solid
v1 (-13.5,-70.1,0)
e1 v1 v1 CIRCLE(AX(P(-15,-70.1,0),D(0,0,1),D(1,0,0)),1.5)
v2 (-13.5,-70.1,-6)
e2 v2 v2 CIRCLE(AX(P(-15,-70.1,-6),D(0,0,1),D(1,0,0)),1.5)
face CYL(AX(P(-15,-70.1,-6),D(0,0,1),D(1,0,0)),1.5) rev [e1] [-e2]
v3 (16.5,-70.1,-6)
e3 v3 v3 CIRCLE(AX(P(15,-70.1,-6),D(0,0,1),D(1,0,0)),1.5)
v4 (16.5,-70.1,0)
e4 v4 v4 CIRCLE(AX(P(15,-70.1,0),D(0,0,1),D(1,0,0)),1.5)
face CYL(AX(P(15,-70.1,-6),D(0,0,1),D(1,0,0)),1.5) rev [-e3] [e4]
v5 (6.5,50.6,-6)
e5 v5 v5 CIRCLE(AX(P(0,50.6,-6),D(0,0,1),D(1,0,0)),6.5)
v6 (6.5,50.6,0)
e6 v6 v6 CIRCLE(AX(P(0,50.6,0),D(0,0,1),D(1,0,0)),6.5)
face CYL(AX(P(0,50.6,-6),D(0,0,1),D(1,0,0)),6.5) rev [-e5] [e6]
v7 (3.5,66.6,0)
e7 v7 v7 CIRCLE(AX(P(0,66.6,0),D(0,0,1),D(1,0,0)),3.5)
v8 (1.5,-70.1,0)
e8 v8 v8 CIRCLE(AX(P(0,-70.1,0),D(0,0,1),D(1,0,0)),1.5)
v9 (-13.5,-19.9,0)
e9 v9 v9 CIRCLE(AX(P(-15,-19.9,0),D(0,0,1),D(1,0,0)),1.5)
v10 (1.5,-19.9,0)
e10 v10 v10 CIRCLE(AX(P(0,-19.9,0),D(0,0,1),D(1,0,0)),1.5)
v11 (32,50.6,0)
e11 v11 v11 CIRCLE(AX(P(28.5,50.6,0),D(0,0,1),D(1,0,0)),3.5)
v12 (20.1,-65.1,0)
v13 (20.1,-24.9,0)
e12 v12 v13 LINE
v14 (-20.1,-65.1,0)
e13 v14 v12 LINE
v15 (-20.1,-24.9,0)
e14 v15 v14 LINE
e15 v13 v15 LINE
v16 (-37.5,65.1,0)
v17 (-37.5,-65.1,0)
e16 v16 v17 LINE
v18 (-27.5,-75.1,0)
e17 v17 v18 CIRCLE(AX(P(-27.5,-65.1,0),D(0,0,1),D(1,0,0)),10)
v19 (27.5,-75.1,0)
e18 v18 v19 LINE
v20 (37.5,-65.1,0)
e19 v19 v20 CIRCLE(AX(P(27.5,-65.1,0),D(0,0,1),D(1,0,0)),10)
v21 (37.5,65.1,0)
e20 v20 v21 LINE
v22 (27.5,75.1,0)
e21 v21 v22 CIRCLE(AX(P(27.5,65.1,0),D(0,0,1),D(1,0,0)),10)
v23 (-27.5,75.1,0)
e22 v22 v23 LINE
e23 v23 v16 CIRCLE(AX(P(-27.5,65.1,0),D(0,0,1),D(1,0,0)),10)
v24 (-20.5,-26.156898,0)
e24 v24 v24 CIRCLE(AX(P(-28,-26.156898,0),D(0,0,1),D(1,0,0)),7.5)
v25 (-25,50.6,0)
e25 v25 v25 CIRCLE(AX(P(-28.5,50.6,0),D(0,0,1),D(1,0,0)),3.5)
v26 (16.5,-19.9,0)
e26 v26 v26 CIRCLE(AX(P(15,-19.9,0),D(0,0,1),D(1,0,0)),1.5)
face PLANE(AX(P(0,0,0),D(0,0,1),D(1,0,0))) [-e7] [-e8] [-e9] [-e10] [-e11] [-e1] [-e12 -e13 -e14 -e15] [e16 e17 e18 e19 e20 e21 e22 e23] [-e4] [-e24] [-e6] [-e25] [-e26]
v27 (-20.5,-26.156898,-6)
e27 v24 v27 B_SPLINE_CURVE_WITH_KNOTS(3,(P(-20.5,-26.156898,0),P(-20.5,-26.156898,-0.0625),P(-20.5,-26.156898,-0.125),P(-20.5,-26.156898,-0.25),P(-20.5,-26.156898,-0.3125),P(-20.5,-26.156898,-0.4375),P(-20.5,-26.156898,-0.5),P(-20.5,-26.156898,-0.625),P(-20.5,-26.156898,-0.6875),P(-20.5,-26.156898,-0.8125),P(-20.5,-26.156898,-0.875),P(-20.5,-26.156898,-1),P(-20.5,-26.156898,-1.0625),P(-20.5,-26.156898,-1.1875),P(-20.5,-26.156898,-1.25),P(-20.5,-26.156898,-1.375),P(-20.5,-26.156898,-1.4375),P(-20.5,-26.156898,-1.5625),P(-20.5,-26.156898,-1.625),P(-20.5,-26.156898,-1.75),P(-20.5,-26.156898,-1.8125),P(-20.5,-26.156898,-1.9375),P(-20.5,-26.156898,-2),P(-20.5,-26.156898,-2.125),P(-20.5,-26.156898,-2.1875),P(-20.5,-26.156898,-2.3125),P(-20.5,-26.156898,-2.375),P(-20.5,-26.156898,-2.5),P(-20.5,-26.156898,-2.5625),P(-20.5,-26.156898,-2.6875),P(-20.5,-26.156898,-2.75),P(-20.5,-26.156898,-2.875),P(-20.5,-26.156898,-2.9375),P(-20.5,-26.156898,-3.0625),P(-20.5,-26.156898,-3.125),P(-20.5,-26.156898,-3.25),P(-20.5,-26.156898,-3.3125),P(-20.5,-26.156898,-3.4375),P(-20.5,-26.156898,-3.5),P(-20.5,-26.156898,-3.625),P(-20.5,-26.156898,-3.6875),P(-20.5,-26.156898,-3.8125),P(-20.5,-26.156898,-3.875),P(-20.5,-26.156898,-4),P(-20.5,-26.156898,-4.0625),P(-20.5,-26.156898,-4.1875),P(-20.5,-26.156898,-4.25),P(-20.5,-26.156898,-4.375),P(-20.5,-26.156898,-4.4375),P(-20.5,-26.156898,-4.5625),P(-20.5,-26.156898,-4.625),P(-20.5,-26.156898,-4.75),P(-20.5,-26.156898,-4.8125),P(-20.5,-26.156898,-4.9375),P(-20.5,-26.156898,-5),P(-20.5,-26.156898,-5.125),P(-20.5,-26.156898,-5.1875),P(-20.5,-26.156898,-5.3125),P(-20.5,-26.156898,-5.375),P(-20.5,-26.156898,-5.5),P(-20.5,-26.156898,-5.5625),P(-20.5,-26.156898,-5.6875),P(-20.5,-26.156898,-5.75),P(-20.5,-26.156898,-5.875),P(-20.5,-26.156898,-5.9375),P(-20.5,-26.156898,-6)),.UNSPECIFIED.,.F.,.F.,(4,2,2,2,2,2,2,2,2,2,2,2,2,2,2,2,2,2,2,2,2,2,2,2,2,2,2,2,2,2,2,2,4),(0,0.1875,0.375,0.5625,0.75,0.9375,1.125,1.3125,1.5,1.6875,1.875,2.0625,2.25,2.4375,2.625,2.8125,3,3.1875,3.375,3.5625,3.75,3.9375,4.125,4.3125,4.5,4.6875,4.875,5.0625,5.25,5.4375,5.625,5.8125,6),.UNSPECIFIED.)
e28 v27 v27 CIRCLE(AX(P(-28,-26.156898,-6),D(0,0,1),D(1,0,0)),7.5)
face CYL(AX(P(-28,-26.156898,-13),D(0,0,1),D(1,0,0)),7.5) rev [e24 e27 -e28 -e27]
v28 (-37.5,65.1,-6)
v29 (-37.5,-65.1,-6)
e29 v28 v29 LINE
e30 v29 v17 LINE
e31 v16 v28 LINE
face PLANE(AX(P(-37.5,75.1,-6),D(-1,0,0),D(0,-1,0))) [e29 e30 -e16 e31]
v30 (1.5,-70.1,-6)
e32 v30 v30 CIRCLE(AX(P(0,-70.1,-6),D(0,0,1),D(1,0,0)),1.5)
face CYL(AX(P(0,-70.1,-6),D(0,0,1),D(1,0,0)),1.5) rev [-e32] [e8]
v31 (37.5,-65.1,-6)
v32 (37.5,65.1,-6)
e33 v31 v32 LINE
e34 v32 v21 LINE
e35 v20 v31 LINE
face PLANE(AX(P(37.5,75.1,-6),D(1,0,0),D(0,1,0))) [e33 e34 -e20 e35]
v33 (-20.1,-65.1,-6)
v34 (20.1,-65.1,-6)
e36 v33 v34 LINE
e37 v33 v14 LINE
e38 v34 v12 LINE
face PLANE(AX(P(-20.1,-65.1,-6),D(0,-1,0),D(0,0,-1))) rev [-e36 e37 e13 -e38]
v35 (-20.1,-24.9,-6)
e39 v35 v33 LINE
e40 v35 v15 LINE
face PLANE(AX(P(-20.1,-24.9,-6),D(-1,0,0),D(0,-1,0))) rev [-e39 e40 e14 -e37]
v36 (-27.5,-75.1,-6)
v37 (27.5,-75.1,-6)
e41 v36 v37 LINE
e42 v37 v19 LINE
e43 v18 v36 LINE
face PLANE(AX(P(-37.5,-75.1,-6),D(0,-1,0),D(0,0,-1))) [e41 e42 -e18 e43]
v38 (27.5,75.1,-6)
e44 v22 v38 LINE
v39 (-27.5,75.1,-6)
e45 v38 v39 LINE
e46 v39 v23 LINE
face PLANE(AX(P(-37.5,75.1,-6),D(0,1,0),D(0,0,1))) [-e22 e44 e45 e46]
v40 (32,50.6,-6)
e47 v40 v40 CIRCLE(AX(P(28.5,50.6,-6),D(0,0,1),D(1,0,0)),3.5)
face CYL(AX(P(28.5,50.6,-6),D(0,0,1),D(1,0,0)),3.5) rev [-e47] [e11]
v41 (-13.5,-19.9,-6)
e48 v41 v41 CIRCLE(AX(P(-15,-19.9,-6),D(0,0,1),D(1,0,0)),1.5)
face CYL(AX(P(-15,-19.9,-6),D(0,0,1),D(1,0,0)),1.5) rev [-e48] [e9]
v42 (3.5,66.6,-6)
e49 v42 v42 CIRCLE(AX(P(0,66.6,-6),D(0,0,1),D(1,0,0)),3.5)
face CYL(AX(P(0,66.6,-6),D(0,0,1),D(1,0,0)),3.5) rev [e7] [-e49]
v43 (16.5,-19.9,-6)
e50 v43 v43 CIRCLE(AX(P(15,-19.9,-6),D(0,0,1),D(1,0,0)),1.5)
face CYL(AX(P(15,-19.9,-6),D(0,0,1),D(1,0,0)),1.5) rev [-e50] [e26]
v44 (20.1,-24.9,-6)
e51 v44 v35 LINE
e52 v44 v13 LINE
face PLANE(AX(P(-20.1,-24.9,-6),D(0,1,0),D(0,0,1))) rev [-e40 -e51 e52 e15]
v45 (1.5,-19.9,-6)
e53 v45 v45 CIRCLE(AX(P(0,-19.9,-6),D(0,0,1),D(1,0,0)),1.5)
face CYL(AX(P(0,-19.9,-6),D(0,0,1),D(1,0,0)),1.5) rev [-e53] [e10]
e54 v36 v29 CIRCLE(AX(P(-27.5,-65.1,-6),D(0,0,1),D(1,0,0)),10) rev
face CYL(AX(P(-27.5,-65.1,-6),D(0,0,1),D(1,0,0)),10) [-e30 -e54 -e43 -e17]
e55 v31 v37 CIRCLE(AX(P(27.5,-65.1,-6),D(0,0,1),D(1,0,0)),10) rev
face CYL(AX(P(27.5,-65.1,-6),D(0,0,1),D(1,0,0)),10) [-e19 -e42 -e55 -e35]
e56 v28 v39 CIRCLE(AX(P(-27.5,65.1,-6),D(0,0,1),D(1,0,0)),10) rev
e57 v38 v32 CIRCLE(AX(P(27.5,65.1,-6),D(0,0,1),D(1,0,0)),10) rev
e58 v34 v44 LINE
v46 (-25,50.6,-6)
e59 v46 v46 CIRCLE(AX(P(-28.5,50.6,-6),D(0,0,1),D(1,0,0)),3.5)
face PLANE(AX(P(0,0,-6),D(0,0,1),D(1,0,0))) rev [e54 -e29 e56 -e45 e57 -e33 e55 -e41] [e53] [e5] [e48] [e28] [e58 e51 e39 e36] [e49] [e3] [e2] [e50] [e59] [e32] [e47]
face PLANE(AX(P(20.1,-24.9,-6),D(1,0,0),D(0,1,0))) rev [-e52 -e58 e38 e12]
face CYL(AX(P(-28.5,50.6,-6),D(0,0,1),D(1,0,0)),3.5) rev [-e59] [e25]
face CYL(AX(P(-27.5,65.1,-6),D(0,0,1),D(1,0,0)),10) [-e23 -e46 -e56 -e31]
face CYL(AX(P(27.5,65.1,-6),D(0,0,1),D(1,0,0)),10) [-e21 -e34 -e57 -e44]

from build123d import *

# Parameters (mm, degrees)
CROQUIS2_W              = 75
CROQUIS2_H              = 150.2
CROQUIS2_R              = 3.5
CROQUIS2_R_2            = 1.5
CROQUIS2_R_3            = 6.5
CROQUIS2_W_2            = 40.2
CROQUIS2_H_2            = 40.2
SALIENTE_EXTRUIR1_DEPTH = 6
CROQUIS3_R              = 7.5
CORTAR_EXTRUIR1_DEPTH   = 13
REDONDEO1_R             = 10


with BuildPart() as part:
    # Croquis2 → Saliente-Extruir1 (new body)
    with BuildSketch(Plane.XY):
        Rectangle(CROQUIS2_W, CROQUIS2_H)
        with Locations((-28.5, 50.6)):
            Circle(CROQUIS2_R, mode=Mode.SUBTRACT)
        with Locations((28.5, 50.6)):
            Circle(CROQUIS2_R, mode=Mode.SUBTRACT)
        with Locations((0, 66.6)):
            Circle(CROQUIS2_R, mode=Mode.SUBTRACT)
        with Locations((0, -19.9)):
            Circle(CROQUIS2_R_2, mode=Mode.SUBTRACT)
        with Locations((-15, -19.9)):
            Circle(CROQUIS2_R_2, mode=Mode.SUBTRACT)
        with Locations((15, -19.9)):
            Circle(CROQUIS2_R_2, mode=Mode.SUBTRACT)
        with Locations((-15, -70.1)):
            Circle(CROQUIS2_R_2, mode=Mode.SUBTRACT)
        with Locations((0, -70.1)):
            Circle(CROQUIS2_R_2, mode=Mode.SUBTRACT)
        with Locations((15, -70.1)):
            Circle(CROQUIS2_R_2, mode=Mode.SUBTRACT)
        with Locations((0, 50.6)):
            Circle(CROQUIS2_R_3, mode=Mode.SUBTRACT)
        with Locations((0, -45)):
            Rectangle(CROQUIS2_W_2, CROQUIS2_H_2, mode=Mode.SUBTRACT)
    extrude(amount=-SALIENTE_EXTRUIR1_DEPTH)

    # Croquis3 → Cortar-Extruir1 (cut)
    with BuildSketch(Plane.XY):
        with Locations((-28, -26.156897814)):
            Circle(CROQUIS3_R)
    extrude(amount=-CORTAR_EXTRUIR1_DEPTH, mode=Mode.SUBTRACT)

    # Redondeo1
    redondeo1_edges = [part.edges().sort_by_distance(p)[0] for p in [
        (37.5, -75.1, -3),
        (-37.5, -75.1, -3),
        (-37.5, 75.1, -3),
        (37.5, 75.1, -3),
    ]]
    fillet(redondeo1_edges, radius=REDONDEO1_R)


solid = part.part
